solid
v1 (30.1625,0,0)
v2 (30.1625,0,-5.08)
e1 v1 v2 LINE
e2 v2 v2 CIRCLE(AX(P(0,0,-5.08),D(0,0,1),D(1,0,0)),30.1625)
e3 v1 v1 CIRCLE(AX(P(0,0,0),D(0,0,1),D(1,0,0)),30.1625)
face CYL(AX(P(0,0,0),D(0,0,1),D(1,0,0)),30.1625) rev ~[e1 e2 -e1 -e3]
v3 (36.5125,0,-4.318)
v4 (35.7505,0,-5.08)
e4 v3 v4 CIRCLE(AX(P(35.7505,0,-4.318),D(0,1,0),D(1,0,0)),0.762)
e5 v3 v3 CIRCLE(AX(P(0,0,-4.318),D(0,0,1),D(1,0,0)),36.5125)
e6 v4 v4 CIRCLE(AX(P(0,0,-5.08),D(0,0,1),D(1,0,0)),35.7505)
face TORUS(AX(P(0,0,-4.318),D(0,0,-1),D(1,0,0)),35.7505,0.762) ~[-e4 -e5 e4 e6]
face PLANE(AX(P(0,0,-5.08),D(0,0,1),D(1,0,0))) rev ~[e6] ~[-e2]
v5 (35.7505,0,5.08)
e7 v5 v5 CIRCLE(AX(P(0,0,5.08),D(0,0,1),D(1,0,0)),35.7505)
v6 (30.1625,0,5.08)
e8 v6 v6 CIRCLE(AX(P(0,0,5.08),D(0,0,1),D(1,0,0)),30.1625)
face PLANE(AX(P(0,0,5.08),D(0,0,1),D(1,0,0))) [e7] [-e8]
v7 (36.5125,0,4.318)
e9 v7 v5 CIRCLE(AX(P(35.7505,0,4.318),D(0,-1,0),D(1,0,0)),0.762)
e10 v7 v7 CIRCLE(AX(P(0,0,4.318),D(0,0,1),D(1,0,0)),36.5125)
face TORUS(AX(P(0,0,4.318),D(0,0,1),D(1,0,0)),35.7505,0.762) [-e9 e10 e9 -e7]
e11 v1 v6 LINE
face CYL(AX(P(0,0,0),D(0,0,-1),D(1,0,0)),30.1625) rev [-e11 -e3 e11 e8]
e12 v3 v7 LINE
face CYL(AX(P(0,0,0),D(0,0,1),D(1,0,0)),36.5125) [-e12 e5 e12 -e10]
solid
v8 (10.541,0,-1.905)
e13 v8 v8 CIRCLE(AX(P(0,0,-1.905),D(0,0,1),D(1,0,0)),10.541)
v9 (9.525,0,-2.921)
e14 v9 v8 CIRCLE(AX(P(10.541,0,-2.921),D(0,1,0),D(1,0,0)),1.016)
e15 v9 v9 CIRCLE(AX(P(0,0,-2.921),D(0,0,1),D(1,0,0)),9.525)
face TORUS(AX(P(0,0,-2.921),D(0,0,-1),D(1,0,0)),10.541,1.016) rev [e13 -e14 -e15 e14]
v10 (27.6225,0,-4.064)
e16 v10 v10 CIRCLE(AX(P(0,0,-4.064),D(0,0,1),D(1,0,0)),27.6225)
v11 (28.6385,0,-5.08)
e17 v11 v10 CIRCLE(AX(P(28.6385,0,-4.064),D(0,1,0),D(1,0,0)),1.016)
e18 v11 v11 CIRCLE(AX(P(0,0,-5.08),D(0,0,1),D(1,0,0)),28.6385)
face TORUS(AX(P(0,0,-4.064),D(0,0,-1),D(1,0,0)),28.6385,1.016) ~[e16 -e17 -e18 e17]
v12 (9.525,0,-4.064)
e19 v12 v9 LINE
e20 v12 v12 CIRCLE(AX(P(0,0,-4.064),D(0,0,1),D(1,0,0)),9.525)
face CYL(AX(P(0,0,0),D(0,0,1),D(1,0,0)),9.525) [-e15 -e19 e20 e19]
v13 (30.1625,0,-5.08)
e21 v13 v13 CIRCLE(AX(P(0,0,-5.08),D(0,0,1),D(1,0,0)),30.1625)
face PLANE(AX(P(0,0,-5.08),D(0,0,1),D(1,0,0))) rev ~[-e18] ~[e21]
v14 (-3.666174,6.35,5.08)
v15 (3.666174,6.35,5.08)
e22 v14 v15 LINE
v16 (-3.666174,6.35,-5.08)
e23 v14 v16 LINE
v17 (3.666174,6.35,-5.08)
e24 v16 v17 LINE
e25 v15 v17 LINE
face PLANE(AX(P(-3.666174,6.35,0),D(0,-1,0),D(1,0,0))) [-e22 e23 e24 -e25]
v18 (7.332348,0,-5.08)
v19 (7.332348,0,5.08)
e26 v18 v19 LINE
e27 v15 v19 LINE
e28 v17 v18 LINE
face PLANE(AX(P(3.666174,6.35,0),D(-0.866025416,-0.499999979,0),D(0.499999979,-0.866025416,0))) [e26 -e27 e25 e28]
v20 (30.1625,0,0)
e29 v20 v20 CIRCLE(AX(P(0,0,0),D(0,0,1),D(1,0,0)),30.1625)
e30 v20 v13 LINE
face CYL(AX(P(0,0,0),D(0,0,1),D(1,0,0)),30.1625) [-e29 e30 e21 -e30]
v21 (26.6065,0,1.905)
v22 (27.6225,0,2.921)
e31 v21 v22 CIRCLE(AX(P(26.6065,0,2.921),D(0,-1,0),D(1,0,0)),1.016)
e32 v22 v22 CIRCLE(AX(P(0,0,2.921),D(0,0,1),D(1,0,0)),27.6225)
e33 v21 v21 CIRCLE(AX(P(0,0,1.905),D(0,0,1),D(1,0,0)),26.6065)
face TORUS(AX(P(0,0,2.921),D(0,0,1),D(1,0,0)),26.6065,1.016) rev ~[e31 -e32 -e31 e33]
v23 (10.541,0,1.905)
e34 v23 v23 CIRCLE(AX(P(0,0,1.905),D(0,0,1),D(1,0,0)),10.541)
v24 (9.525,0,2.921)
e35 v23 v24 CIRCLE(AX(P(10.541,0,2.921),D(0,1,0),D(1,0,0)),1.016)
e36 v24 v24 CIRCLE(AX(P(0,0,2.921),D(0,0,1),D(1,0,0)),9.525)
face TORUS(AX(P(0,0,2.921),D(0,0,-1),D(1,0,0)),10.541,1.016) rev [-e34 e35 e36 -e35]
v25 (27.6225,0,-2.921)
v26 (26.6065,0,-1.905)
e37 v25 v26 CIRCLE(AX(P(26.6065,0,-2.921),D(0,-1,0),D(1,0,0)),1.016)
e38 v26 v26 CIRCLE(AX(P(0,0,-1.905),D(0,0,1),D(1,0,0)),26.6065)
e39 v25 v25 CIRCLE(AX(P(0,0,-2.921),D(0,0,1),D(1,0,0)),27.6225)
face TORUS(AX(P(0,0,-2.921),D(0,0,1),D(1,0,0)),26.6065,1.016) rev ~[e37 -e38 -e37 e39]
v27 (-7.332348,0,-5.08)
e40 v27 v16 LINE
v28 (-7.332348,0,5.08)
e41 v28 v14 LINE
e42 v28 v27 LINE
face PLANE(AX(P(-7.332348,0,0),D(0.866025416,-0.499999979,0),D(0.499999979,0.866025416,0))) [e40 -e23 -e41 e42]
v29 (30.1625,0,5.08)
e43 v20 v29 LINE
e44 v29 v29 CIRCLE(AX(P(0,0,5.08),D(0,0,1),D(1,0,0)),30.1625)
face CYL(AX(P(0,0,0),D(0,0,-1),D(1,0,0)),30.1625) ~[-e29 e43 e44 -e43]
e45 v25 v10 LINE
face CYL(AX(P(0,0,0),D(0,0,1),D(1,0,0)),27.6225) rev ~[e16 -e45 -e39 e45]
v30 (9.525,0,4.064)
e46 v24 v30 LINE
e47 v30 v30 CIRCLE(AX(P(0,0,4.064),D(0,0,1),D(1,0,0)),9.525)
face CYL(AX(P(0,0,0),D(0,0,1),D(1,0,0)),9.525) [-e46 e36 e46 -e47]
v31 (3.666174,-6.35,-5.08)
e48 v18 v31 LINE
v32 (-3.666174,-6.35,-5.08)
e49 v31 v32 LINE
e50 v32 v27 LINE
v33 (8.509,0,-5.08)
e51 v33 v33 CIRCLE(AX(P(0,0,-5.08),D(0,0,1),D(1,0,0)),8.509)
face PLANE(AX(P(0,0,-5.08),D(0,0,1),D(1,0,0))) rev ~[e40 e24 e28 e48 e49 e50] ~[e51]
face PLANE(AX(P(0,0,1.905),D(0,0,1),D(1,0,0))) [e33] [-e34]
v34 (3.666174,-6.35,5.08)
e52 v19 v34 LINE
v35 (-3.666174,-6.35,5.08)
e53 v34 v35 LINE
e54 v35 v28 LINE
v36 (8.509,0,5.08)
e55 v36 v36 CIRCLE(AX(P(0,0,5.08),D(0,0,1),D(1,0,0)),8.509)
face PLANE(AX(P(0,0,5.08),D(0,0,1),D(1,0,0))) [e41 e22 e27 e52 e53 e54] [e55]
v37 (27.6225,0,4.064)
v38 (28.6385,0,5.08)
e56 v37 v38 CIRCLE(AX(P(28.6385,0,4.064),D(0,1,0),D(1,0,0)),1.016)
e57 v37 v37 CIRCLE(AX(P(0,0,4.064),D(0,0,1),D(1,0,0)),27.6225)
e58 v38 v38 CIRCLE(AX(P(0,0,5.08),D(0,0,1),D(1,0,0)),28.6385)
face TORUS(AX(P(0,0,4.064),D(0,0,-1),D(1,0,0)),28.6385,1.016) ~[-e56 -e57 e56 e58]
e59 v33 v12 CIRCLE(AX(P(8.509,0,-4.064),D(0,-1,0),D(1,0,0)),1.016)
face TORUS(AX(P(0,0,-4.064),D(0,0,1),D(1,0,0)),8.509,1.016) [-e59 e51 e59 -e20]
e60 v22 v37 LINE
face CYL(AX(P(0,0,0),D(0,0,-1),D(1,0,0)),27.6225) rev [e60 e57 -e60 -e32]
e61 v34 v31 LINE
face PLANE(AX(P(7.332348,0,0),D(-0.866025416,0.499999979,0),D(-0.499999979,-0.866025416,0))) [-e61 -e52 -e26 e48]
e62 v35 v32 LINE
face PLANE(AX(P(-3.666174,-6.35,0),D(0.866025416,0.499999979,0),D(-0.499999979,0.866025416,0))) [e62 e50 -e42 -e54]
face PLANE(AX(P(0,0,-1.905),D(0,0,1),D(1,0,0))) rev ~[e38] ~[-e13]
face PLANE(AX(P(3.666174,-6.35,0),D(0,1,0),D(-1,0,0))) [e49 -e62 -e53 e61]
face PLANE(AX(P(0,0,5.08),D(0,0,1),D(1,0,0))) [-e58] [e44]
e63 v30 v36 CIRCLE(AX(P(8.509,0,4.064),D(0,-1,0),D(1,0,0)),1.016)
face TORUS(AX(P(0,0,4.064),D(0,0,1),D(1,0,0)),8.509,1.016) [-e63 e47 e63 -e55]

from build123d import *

# Parameters (mm, degrees)
F0_R          = 30.1625
F0_R_2        = 27.6225
F0_R_3        = 9.525
F1_DEPTH      = 5.08
F2_DEPTH      = 1.905
F0_R_4        = 36.5125
F3_DEPTH      = 5.08
F3_DEPTH_BACK = 5.08
F4_R          = 1.016
F5_R          = 0.762


with BuildPart() as f1:
    # F0 (on Top) → F1 (new body, symmetric)
    with BuildSketch(Plane.XY):
        Circle(F0_R)
        Circle(F0_R_2, mode=Mode.SUBTRACT)
        Circle(F0_R_3)
        Polygon((7.332348, 0), (3.666174, -6.35), (-3.666174, -6.35), (-7.332348, 0), (-3.666174, 6.35), (3.666174, 6.35), align=None, mode=Mode.SUBTRACT)
    extrude(amount=F1_DEPTH, both=True)

    # F0 (on Top) → F2 (join, symmetric)
    with BuildSketch(Plane.XY):
        Circle(F0_R_2)
        Circle(F0_R_3, mode=Mode.SUBTRACT)
    extrude(amount=F2_DEPTH, both=True)

    # F4
    f4_edges = [f1.edges().sort_by_distance(p)[0] for p in [
        (-27.6225, 0, 1.905),
        (-9.525, 0, 1.905),
        (-27.6225, 0, -1.905),
        (-9.525, 0, -1.905),
        (-27.6225, 0, -5.08),
        (-9.525, 0, -5.08),
        (-9.525, 0, 5.08),
        (-27.6225, 0, 5.08),
    ]]
    fillet(f4_edges, radius=F4_R)


with BuildPart() as f3:
    # F0 (on Top) → F3 (new body, two sides)
    with BuildSketch(Plane.XY) as f3_sk:
        Circle(F0_R_4)
        Circle(F0_R, mode=Mode.SUBTRACT)
    extrude(amount=F3_DEPTH)
    extrude(f3_sk.sketch, amount=-F3_DEPTH_BACK)

    # F5
    f5_edges = [f3.edges().sort_by_distance(p)[0] for p in [
        (36.5125, 0, 2.54),
        (-36.5125, 0, 0),
        (-36.5125, 0, 5.08),
    ]]
    fillet(f5_edges, radius=F5_R)


solid = Compound([f1.part, f3.part])
